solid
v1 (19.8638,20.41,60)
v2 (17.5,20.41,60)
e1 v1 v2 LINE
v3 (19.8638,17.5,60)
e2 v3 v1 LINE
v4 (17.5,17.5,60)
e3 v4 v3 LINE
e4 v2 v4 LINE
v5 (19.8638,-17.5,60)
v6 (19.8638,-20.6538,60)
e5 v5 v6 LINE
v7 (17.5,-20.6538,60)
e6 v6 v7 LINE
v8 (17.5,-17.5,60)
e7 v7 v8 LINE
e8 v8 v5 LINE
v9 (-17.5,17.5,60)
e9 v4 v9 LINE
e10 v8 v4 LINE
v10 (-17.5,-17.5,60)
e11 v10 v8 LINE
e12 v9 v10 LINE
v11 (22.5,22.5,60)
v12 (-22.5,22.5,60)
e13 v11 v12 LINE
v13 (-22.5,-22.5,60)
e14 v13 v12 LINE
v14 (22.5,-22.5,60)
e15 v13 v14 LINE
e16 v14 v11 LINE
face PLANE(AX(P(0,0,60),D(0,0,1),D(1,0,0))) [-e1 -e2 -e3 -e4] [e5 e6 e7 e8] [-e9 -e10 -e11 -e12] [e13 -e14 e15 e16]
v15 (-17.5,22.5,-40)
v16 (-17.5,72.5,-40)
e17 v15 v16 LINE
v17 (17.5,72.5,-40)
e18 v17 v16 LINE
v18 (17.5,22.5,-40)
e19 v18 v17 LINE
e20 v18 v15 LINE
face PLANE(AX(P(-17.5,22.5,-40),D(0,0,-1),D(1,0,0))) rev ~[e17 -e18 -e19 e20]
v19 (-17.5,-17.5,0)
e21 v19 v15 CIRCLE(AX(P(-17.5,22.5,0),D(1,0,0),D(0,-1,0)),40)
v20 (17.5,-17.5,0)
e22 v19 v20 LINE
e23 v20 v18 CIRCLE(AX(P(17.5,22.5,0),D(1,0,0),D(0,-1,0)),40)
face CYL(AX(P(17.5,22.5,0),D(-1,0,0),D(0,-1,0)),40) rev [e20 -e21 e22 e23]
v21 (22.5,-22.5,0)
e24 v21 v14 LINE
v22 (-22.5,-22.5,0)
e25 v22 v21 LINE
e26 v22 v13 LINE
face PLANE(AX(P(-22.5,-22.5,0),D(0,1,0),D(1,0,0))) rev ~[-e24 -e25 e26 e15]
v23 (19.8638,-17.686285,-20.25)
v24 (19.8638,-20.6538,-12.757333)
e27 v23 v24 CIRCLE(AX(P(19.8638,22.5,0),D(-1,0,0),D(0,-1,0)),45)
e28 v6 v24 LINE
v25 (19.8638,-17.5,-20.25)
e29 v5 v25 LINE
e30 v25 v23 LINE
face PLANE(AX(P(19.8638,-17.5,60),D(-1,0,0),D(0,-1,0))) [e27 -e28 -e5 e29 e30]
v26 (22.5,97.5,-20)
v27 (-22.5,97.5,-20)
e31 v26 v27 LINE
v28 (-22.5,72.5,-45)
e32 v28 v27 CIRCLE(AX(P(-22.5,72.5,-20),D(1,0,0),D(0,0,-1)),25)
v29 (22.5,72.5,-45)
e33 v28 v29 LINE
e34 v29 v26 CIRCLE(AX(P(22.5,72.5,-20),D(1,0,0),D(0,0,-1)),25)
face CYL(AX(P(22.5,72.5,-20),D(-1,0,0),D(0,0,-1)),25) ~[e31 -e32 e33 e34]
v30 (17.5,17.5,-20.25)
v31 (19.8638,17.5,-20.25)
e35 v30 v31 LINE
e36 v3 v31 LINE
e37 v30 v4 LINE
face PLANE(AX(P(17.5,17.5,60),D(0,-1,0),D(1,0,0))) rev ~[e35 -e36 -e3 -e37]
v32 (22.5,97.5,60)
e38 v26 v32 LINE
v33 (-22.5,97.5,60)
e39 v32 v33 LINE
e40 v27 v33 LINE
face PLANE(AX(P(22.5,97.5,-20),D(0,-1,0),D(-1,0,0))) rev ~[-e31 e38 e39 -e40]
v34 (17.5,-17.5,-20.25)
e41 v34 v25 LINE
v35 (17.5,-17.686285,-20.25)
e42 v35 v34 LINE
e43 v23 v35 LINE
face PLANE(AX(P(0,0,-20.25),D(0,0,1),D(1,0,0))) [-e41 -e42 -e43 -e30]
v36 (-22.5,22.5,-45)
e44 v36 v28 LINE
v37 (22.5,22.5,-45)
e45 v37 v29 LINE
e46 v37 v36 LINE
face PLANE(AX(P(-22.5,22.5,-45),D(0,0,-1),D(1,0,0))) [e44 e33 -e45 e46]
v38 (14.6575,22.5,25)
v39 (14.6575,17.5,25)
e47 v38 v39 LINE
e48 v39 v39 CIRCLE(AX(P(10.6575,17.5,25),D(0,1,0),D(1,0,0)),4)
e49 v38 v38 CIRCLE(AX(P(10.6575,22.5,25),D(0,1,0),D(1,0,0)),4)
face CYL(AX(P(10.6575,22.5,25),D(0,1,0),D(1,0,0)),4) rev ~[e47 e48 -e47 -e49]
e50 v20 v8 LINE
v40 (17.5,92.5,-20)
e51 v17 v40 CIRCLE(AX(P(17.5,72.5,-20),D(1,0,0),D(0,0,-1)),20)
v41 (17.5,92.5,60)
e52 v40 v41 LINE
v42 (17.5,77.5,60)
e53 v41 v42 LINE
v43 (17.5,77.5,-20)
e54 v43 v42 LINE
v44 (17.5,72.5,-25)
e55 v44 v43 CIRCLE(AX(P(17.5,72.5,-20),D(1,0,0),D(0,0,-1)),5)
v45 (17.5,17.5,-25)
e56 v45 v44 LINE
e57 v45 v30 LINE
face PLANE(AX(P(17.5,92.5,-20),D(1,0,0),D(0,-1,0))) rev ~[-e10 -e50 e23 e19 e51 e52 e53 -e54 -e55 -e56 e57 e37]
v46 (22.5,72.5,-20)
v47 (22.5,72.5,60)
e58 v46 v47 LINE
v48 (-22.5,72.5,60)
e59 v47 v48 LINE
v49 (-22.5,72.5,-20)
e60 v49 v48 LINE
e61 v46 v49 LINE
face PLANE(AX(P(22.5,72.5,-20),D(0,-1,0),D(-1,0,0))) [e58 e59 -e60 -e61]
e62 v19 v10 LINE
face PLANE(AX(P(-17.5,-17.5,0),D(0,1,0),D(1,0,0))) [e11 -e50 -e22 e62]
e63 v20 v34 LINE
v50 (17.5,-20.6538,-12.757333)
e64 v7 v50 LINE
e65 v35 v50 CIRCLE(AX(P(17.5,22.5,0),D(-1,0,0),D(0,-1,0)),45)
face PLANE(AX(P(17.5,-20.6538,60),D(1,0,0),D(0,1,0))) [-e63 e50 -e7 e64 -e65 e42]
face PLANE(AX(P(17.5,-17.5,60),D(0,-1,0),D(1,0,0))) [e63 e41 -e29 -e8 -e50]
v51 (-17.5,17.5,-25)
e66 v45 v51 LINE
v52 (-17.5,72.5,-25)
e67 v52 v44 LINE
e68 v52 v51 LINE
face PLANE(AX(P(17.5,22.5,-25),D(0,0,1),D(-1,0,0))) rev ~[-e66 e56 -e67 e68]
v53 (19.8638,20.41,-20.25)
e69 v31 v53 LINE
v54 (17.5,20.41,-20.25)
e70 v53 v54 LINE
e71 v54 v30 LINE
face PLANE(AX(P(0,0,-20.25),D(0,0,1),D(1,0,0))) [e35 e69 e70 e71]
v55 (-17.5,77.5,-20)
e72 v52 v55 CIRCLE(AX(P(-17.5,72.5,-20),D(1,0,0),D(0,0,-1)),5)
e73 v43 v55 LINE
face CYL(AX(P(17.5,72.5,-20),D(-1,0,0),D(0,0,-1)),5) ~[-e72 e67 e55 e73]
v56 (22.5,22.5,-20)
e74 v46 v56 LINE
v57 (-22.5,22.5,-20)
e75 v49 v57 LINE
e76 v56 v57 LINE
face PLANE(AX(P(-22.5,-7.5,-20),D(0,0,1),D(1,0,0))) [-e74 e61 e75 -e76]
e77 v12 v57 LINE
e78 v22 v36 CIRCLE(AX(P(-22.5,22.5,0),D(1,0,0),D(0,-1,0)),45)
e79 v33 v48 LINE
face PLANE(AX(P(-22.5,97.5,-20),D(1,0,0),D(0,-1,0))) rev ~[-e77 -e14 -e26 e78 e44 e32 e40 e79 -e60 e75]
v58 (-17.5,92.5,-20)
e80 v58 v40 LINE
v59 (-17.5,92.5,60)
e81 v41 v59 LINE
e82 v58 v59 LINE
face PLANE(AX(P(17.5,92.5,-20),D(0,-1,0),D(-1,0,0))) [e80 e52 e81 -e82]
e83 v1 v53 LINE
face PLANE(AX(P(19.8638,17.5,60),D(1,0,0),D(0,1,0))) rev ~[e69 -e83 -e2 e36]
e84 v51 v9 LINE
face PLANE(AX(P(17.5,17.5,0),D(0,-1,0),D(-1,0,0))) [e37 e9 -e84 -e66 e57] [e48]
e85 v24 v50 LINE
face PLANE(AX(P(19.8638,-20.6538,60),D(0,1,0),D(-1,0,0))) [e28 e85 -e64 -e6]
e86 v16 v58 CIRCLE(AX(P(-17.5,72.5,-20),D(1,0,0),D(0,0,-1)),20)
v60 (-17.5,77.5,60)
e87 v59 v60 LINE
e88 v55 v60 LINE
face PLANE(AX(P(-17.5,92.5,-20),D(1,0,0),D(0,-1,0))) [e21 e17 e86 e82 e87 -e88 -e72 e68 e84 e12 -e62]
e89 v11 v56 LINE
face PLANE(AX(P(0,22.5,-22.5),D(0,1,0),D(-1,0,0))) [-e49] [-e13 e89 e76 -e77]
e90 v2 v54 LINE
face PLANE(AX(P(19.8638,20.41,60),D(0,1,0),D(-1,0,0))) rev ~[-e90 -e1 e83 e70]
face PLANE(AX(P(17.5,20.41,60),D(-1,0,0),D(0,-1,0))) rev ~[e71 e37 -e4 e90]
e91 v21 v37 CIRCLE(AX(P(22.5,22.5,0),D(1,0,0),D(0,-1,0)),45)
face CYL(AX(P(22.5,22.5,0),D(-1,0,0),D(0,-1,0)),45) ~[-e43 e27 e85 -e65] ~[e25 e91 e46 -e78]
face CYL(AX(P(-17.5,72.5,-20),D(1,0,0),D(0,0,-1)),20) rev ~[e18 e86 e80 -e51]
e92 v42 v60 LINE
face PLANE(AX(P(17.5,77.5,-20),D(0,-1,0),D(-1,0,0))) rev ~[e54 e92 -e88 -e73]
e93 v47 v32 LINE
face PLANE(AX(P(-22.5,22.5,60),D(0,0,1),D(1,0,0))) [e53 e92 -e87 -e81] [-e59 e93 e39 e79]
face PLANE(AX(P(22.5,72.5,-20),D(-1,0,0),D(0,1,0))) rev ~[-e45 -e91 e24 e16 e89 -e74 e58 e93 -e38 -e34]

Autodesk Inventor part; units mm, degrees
ref_plane "YZ Plane" through (0, 0, 0) normal (1, 0, 0) x (0, 1, 0)
ref_plane "XZ Plane" through (0, 0, 0) normal (0, 1, 0) x (-1, 0, 0)
ref_plane "XY Plane" through (0, 0, 0) normal (0, 0, 1) x (1, 0, 0)
sketch "Sketch1" plane through (0, 0, 0) normal (0, 0, 1) x (1, 0, 0)
  line L0 (-22.5, -22.5) -> (22.5, -22.5)
  line L1 (22.5, -22.5) -> (22.5, 22.5)
  line L2 (22.5, 22.5) -> (-22.5, 22.5)
  line L3 (-22.5, 22.5) -> (-22.5, -22.5)
  line L4 (-22.5, -22.5) -> (22.5, 22.5) construction
  line L5 (22.5, -22.5) -> (-22.5, 22.5) construction
  line L6 (-17.5, -17.5) -> (17.5, -17.5)
  line L7 (17.5, -17.5) -> (17.5, 17.5)
  line L8 (17.5, 17.5) -> (-17.5, 17.5)
  line L9 (-17.5, 17.5) -> (-17.5, -17.5)
  line L10 (-17.5, -17.5) -> (17.5, 17.5) construction
  line L11 (17.5, -17.5) -> (-17.5, 17.5) construction
  line L12 (-22.5, 17.5) -> (22.5, 17.5)
  point P0 (0, 0)
  dimension "d0" = 45
  dimension "d20" = 5
  dimension "d21" = 5
extrude "Extrusion1" add sketch "Sketch1" along normal blind 60 contours L3 L12 L9 L6 L7 L1 L0 | L3 L2 L1 L12 L8
sketch "Sketch2" plane through (0, 0, 0) normal (0, 0, -1) x (-1, 0, 0)
  line L0 (17.5, -17.5) -> (17.5, 17.5) projected
  line L1 (-17.5, -17.5) -> (17.5, -17.5)
  line L2 (17.5, -17.5) -> (17.5, 17.5)
  line L3 (17.5, 17.5) -> (-17.5, 17.5)
  line L4 (-17.5, 17.5) -> (-17.5, -17.5)
  line L5 (-17.5, -17.5) -> (17.5, 17.5) construction
  line L6 (17.5, -17.5) -> (-17.5, 17.5) construction
  line L7 (-22.5, 22.5) -> (22.5, 22.5) projected
  line L8 (-22.5, -22.5) -> (22.5, -22.5)
  line L9 (22.5, -22.5) -> (22.5, 22.5)
  line L10 (22.5, 22.5) -> (-22.5, 22.5)
  line L11 (-22.5, 22.5) -> (-22.5, -22.5)
  line L12 (-22.5, -22.5) -> (22.5, 22.5) construction
  line L13 (22.5, -22.5) -> (-22.5, 22.5) construction
  line L14 (-39.1057, 22.5) -> (57.4203, 22.5)
  point P0 (0, 0)
  dimension "d18" = 5
  dimension "d19" = 5
revolve "Revolution1" add sketch "Sketch2" angle 90 about axis through (39.1057, 22.5, 0) along (1, 0, 0)
sketch "Sketch3" plane through (-22.5, 22.5, 60) normal (0, 1, 0) x (1, 0, 0)
  line L0 (5, 65) -> (5, 100) projected
  line L1 (40, 85) -> (5, 85)
  line L2 (5, 85) -> (5, 100)
  line L3 (5, 100) -> (40, 100)
  line L4 (35.2339, 98.1928) -> (5, 100) construction
  line L5 (5, 85) -> (35.2339, 113.1928) construction
  line L6 (0, 60) -> (0, 105) projected
  line L7 (45, 80) -> (0, 80)
  line L8 (0, 80) -> (0, 105)
  line L9 (0, 105) -> (45, 105)
  line L10 (40.2339, 93.1928) -> (0, 105) construction
  line L11 (0, 80) -> (45, 122.7171) construction
  line L12 (40, 100) -> (40, 65) projected
  line L13 (40, 100) -> (40, 85)
  line L14 (45, 105) -> (45, 0) projected
  line L15 (45, 105) -> (45, 80)
  point P0 (22.5, 60)
  point P1 (20.117, 99.0964)
  point P2 (43.816, 121.1954)
  point P3 (20.117, 99.0964)
  point P4 (0, 80)
  point P5 (5, 85)
  dimension "d17" = 15
extrude "Extrusion2" add sketch "Sketch3" along normal blind 50
extrude "Extrusion4" add sketch "Sketch1" against normal blind 25 contours L3 L2 L1 L12 L8
extrude "Extrusion5" cut sketch "Sketch3" along normal blind 75.5 contours L0 L3 L12 L1
sketch "Sketch10" plane through (-22.5, 72.5, 60) normal (0, 1, 0) x (1, 0, 0)
  line L0 (45, 105) -> (0, 105)
  line L1 (0, 105) -> (0, 80)
  line L2 (0, 80) -> (45, 80)
  line L3 (45, 80) -> (45, 105)
  line L4 (5, 100) -> (40, 100) projected
  line L5 (40, 85) -> (5, 85) projected
  line L6 (40, 100) -> (5, 100)
  line L7 (5, 100) -> (5, 85)
  line L8 (5, 85) -> (40, 85)
  line L9 (40, 85) -> (40, 100)
  line L10 (-3.6161, 80) -> (47.5585, 80)
revolve "Revolution3" add sketch "Sketch10" angle 90 about axis through (-26.1161, 72.5, -20) along (1, 0, 0)
sketch "Sketch11" plane through (-22.5, 22.5, -20) normal (0, 0, 1) x (1, 0, 0)
  line L0 (45, 75) -> (0, 75) projected
  line L1 (45, 50) -> (0, 50) projected
  line L2 (45, 75) -> (0, 75)
  line L3 (0, 75) -> (0, 50)
  line L4 (0, 50) -> (45, 50)
  line L5 (45, 50) -> (45, 75)
  line L6 (40, 70) -> (40, 55) projected
  line L7 (40, 55) -> (5, 55) projected
  line L8 (40, 70) -> (5, 70)
  line L9 (5, 70) -> (5, 55)
  line L10 (5, 55) -> (40, 55)
  line L11 (40, 55) -> (40, 70)
  point P0 (22.5, -22.5)
  dimension "d68" = 15
extrude "Extrusion8" add sketch "Sketch11" along normal blind 80
sketch "Sketch12" plane through (-22.5, 22.5, 60) normal (0, 1, 0) x (1, 0, 0)
  point P0 (22.5, 60)
sketch "Sketch13" plane through (0, 0, 60) normal (0, 0, 1) x (1, 0, 0)
  line L0 (17.5, 17.5) -> (17.5, -17.5) projected
  line L1 (17.5, 17.5) -> (19.8638, 17.5)
  line L2 (19.8638, 17.5) -> (19.8638, 20.41)
  line L3 (19.8638, 20.41) -> (17.5, 20.41)
  line L4 (17.5, 20.41) -> (17.5, 17.5)
  line L5 (17.5, -17.5) -> (19.8638, -17.5)
  line L6 (19.8638, -17.5) -> (19.8638, -20.6538)
  line L7 (19.8638, -20.6538) -> (17.5, -20.6538)
  line L8 (17.5, -20.6538) -> (17.5, -17.5)
  point P0 (0, 0)
extrude "Extrusion9" cut sketch "Sketch13" against normal blind 80.25
sketch "Sketch14" plane through (-22.5, 22.5, 60) normal (0, 1, 0) x (1, 0, 0)
  circle A0 centre (33.1575, 35) radius 4
  line L0 (45, 0) -> (0, 0) projected
  point P0 (22.5, 60)
  dimension "d72" = 8
  dimension "d73" = 35
extrude "Extrusion10" cut sketch "Sketch14" against normal blind 28.5
properties material "Iron, Malleable"
